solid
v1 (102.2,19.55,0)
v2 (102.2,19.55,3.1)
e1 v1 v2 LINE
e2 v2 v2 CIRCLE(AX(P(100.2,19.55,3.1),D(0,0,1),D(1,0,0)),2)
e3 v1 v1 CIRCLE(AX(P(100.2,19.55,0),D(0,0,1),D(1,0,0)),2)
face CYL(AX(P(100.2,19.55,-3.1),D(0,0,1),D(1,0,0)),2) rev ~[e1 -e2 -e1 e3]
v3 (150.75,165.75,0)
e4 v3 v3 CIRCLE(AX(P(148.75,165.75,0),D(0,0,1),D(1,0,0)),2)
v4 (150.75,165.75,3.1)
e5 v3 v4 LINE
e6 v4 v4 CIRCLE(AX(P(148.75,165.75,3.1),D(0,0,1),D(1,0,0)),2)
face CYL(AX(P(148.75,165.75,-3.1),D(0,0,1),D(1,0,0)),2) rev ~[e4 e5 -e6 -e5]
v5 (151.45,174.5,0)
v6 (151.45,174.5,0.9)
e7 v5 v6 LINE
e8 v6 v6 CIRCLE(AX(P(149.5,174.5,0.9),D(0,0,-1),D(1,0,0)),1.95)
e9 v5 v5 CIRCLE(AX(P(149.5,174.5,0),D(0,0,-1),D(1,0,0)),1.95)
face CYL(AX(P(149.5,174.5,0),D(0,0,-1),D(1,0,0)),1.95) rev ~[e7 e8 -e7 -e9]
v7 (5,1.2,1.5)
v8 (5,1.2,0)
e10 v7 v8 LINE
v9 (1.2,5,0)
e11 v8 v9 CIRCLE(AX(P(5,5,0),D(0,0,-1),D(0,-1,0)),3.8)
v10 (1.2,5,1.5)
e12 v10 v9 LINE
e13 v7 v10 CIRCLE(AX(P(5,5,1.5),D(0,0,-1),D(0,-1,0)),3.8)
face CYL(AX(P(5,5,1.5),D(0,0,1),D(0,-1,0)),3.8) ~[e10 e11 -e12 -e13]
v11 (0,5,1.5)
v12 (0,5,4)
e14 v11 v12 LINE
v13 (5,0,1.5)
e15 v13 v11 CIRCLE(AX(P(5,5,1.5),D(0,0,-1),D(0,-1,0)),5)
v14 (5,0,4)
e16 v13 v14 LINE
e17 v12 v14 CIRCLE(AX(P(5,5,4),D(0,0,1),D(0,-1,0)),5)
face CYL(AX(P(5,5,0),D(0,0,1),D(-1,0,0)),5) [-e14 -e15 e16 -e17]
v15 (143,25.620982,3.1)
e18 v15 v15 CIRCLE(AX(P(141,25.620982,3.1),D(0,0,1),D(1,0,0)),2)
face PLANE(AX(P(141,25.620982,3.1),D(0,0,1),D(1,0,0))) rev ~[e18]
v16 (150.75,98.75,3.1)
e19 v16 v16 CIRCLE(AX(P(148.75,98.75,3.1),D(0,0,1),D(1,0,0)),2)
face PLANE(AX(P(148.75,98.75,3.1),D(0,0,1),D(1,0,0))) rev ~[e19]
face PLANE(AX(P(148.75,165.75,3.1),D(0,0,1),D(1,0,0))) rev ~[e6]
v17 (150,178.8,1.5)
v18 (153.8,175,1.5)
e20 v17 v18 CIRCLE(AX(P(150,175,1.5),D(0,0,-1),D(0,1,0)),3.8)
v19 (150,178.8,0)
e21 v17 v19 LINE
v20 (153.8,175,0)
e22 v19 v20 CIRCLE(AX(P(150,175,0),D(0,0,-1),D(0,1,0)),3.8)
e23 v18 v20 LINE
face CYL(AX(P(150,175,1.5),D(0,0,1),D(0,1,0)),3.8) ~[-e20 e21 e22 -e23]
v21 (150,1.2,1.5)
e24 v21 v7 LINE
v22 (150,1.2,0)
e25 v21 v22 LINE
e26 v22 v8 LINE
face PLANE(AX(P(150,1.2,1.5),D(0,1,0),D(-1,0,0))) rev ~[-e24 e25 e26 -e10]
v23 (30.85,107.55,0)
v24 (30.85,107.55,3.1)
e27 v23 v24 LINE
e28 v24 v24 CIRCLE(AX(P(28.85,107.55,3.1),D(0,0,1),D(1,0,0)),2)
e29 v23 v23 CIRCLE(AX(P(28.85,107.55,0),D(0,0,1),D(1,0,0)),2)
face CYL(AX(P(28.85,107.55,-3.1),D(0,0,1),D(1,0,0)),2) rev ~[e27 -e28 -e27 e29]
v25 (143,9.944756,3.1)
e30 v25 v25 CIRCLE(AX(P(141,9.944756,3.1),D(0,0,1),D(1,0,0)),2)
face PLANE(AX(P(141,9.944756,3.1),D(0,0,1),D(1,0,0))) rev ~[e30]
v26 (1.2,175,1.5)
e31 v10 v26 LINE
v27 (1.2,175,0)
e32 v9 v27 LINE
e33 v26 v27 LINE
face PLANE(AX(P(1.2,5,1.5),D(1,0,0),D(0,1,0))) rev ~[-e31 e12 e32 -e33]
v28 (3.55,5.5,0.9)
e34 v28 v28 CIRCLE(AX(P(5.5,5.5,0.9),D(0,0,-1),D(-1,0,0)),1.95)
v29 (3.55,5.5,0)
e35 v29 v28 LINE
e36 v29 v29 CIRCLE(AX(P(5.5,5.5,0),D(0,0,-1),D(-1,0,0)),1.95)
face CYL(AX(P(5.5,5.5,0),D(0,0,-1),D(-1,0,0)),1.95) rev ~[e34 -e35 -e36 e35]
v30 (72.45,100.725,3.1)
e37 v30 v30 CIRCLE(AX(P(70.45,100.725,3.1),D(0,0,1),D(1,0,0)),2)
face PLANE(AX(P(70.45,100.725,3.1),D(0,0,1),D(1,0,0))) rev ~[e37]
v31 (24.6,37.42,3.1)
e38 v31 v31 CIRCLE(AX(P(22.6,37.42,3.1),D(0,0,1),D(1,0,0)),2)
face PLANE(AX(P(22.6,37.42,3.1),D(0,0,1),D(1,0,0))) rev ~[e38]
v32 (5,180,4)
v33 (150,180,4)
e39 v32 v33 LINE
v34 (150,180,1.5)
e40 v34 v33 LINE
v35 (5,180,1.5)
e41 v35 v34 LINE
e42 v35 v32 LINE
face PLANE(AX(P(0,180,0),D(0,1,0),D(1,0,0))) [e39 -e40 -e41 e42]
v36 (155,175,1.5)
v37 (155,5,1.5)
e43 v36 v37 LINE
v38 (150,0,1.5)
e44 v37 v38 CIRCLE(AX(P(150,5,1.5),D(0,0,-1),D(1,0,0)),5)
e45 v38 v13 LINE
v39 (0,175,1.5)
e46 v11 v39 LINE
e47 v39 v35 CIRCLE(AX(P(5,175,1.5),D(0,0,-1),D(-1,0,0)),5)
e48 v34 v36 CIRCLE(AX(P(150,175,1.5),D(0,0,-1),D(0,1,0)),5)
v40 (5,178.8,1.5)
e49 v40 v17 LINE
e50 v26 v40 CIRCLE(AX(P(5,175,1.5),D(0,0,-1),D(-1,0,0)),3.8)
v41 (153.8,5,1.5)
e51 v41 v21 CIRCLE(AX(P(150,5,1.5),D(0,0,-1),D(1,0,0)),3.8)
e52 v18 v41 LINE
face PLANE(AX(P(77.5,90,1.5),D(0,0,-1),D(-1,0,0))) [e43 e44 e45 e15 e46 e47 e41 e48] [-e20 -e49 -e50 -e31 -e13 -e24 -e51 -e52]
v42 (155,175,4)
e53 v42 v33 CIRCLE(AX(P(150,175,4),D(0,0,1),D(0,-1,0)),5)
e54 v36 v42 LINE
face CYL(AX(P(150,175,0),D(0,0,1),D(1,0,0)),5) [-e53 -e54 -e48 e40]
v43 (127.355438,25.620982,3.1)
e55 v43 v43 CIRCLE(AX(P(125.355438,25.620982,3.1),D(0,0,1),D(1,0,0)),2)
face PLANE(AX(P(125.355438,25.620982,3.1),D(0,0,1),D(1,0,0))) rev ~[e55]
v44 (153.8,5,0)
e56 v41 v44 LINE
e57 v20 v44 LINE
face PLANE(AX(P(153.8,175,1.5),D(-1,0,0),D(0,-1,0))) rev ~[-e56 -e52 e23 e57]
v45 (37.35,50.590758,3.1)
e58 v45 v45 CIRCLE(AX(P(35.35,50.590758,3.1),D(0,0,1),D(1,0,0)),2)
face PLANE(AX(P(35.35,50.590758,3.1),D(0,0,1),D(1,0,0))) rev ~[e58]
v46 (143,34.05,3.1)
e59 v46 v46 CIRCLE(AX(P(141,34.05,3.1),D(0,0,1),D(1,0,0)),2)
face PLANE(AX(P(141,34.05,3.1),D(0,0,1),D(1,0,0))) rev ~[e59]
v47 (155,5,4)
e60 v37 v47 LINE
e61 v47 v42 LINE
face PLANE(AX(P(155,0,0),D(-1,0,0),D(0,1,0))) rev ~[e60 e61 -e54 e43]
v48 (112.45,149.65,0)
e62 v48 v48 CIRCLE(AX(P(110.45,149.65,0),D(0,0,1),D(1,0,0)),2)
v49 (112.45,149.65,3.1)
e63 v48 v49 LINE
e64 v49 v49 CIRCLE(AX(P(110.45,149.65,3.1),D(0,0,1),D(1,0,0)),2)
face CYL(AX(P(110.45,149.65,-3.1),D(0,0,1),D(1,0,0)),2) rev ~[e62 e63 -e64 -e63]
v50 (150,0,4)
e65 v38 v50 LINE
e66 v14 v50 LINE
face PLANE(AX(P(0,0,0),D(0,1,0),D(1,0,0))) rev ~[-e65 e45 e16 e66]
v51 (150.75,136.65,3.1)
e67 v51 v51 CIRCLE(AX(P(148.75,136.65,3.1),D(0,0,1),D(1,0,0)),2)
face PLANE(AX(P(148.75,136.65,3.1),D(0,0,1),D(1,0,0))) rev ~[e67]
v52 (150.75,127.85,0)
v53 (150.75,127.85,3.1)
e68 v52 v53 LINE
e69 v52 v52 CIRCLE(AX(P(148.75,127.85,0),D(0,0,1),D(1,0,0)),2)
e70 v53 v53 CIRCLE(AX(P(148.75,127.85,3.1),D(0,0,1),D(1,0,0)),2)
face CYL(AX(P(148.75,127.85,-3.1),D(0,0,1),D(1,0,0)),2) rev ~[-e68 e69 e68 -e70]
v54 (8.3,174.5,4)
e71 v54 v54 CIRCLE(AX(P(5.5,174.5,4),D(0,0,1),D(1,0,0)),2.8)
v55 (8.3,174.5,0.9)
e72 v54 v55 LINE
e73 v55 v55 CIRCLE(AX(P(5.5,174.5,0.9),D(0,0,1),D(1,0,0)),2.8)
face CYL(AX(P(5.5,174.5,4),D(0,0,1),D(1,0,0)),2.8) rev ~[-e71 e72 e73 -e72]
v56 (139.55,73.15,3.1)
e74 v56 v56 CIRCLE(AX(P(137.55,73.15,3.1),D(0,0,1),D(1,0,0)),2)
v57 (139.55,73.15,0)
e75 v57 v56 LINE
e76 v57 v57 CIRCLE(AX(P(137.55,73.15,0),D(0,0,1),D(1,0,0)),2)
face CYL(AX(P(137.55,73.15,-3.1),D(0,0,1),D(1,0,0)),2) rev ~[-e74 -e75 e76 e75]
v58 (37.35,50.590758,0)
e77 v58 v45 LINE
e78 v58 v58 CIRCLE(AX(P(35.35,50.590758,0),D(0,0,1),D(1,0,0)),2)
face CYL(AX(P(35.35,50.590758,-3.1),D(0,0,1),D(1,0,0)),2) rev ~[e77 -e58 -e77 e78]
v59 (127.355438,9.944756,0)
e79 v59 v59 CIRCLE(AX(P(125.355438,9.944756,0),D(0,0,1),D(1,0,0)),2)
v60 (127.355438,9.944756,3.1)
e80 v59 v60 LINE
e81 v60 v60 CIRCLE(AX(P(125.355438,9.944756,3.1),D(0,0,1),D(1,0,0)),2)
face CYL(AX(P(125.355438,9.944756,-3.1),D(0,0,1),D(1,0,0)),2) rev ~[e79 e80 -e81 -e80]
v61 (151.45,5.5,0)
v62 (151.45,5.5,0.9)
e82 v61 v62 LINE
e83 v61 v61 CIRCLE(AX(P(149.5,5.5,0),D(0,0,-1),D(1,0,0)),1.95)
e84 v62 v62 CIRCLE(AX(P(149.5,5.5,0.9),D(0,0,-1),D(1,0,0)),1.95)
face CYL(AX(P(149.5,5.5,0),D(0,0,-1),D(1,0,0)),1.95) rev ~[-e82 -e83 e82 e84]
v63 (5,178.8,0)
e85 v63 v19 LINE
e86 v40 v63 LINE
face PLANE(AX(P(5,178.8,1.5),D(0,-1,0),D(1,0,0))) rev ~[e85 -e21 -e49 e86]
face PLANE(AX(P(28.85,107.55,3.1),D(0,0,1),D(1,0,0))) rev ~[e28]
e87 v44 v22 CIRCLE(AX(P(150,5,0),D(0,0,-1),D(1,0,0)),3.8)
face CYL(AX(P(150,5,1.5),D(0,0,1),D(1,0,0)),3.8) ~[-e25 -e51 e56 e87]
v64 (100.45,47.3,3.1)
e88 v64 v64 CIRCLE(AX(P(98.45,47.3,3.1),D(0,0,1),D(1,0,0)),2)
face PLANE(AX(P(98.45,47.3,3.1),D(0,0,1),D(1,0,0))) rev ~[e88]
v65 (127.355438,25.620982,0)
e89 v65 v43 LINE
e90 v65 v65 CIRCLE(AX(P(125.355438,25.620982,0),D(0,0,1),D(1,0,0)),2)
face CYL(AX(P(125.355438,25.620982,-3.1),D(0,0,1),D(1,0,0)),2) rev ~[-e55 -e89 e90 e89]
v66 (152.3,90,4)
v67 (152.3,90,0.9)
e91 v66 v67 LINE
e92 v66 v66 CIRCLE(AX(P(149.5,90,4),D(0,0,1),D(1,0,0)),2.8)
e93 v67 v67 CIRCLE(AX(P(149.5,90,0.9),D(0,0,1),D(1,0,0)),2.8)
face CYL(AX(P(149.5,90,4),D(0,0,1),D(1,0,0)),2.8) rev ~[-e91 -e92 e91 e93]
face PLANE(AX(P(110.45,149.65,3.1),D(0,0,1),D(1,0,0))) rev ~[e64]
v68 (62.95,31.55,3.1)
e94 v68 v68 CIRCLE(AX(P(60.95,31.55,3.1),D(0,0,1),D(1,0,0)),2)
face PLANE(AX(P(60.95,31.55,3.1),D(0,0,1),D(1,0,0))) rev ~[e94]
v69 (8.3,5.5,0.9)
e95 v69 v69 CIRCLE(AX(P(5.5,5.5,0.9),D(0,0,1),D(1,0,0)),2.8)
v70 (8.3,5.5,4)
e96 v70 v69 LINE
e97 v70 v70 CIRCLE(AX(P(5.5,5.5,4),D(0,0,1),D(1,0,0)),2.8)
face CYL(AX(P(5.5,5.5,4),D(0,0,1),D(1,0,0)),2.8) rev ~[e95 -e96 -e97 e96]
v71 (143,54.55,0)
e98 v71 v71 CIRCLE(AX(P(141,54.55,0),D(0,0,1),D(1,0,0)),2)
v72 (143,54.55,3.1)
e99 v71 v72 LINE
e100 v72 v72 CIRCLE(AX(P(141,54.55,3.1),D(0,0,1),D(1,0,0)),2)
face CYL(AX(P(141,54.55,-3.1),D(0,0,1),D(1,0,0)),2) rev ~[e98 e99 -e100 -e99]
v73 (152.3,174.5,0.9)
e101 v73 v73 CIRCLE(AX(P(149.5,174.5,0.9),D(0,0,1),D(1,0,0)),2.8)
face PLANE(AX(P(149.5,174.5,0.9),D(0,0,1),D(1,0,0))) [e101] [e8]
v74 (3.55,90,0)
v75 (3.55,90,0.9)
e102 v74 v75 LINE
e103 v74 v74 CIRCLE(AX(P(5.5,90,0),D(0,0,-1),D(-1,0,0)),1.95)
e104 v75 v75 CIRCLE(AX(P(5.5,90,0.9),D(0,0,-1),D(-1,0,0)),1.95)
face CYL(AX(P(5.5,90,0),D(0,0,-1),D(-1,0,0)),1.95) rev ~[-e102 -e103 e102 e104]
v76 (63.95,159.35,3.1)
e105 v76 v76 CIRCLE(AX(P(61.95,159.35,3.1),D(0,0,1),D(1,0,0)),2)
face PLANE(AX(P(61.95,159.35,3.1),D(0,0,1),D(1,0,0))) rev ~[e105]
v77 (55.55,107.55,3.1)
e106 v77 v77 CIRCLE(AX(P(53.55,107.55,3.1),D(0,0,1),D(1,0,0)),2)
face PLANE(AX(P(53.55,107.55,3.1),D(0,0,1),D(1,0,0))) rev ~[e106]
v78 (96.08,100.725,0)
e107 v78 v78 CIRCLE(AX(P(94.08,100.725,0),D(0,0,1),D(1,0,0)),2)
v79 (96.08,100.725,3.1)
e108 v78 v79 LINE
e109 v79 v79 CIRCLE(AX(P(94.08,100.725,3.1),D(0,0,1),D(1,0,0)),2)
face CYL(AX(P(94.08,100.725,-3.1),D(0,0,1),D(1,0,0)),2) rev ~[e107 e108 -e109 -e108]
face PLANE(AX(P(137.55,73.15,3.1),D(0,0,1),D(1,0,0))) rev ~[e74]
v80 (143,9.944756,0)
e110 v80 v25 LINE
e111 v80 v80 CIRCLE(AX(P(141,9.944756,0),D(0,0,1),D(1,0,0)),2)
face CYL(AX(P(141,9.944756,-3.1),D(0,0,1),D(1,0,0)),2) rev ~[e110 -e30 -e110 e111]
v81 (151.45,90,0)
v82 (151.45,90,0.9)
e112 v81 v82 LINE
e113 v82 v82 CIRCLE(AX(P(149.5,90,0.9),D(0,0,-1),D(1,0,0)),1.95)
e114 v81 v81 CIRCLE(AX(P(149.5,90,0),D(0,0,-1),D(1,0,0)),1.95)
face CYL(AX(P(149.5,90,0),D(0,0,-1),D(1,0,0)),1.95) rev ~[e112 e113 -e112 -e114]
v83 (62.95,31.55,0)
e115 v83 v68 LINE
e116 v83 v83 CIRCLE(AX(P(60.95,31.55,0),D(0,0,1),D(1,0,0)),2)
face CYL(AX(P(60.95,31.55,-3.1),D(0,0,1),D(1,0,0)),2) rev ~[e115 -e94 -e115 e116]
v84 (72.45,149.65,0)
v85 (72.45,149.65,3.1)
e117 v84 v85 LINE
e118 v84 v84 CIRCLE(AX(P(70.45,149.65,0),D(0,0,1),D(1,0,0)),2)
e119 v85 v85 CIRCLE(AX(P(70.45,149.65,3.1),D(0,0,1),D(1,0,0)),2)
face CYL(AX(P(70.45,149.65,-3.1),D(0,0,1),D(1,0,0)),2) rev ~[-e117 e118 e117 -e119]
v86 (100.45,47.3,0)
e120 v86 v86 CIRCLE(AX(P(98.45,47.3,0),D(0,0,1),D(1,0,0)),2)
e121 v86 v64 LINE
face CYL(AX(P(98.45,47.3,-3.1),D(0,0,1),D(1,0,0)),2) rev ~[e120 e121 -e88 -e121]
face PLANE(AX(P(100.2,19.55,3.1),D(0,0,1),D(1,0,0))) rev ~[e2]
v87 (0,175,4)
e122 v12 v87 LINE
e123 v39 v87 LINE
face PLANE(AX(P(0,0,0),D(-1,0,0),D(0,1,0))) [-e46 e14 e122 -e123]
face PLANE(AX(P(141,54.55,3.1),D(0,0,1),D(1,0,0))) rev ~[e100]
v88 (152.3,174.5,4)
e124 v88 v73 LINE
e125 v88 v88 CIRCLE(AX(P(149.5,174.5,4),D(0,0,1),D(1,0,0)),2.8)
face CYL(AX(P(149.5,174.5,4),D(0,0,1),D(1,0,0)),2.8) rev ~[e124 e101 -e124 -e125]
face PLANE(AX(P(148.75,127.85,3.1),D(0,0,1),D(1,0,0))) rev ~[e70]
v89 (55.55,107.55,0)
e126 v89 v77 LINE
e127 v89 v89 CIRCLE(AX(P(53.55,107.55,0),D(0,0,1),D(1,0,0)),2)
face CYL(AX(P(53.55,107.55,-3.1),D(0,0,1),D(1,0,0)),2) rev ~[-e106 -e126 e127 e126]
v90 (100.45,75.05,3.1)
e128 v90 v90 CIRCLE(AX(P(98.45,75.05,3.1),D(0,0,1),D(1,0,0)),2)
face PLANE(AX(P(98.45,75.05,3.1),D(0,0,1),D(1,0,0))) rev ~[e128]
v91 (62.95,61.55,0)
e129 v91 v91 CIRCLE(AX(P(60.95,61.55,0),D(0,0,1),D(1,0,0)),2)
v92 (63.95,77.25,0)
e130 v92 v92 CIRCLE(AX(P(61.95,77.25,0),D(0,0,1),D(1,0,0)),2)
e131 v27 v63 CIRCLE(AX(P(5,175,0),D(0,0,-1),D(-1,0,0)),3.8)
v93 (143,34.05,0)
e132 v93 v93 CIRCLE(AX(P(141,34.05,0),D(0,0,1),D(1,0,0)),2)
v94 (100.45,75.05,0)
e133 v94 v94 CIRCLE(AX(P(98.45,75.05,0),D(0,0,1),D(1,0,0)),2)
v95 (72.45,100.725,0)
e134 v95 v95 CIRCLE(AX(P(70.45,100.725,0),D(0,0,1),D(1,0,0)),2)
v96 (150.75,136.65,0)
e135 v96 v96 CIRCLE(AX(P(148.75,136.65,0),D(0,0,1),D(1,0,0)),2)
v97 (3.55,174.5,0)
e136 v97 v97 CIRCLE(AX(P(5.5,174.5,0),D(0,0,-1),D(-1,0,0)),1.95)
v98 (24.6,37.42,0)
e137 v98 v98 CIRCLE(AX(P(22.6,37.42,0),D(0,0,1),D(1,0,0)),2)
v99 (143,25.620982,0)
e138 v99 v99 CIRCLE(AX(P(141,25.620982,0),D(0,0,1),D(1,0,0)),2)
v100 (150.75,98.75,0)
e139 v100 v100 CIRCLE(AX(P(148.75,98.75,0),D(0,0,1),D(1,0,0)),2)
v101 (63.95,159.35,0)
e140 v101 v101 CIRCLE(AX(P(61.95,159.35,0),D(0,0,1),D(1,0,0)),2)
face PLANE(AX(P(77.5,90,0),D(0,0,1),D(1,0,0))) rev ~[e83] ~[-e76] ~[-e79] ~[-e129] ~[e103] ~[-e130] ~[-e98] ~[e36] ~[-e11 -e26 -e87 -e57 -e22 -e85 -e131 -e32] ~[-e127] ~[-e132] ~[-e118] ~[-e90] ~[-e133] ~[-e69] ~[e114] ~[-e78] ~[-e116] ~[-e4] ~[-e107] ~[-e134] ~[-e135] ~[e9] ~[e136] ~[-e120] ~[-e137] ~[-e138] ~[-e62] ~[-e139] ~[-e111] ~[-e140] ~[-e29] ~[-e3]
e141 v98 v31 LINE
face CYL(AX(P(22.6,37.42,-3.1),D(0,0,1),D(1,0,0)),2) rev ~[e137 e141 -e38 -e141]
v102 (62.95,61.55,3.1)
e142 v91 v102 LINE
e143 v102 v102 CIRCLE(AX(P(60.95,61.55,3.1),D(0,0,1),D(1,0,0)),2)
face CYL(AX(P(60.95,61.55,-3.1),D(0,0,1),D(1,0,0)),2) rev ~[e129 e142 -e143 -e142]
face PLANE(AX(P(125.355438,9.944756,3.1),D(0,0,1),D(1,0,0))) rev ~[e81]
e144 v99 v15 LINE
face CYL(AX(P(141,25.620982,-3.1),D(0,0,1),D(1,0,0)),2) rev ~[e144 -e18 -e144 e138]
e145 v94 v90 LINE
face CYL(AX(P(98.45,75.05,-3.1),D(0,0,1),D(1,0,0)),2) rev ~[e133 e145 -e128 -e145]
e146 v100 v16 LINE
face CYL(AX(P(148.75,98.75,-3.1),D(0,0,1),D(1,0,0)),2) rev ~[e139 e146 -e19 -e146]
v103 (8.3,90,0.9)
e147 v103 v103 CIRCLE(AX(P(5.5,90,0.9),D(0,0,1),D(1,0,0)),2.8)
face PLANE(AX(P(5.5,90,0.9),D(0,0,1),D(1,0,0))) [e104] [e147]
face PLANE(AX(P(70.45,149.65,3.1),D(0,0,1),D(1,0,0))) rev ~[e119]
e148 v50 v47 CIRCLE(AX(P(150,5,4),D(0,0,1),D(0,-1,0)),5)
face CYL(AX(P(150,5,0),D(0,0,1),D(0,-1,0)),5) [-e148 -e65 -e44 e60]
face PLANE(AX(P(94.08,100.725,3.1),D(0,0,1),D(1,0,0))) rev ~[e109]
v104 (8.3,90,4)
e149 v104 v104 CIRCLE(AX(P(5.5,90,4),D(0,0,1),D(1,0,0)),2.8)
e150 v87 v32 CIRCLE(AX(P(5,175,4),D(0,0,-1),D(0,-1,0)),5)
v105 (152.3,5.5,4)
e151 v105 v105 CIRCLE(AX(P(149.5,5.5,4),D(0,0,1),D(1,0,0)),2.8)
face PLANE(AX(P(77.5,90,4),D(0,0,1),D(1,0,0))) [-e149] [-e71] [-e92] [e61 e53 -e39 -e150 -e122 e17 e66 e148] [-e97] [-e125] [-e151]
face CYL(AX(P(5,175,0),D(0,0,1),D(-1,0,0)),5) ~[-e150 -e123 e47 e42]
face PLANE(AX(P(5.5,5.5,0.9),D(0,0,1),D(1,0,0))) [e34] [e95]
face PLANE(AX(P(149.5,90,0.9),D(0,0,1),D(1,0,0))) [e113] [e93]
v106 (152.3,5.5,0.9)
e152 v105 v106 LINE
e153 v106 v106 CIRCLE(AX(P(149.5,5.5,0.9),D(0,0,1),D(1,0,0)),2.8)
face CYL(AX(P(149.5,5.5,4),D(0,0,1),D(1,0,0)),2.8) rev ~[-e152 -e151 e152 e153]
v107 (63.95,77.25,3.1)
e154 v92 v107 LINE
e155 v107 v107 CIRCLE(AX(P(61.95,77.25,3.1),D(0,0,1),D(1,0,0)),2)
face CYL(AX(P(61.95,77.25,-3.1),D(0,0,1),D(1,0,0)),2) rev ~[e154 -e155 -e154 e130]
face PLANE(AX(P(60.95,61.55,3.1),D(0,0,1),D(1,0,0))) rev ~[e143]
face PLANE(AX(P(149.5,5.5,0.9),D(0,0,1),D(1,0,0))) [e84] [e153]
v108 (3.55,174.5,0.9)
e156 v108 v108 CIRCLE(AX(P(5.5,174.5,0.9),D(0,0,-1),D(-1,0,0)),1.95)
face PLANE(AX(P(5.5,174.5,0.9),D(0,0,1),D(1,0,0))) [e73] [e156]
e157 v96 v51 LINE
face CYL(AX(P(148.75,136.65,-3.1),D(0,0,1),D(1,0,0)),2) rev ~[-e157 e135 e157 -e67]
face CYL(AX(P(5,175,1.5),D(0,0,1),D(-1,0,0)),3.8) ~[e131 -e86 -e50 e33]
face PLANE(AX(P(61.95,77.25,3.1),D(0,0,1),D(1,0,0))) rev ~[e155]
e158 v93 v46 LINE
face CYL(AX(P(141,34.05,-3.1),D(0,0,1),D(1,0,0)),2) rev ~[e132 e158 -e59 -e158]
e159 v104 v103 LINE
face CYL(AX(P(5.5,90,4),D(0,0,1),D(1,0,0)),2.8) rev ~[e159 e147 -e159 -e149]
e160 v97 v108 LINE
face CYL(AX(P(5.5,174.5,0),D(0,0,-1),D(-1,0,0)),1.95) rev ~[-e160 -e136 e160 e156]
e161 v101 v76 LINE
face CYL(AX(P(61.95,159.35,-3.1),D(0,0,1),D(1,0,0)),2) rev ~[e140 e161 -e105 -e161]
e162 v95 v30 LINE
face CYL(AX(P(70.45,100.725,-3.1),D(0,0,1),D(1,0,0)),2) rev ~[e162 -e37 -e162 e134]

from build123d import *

# Parameters (mm, degrees)
SKETCH1_W                 = 155
SKETCH1_H                 = 180
BOSS_EXTRUDE1_DEPTH       = 4
FILLET1_R                 = 5
F_4_0MM_DOWEL_HOLE1_D     = 4
F_4_0MM_DOWEL_HOLE1_DEPTH = 3.1
SKETCH4_R                 = 1.95
CUT_EXTRUDE1_DEPTH        = 238.573146631
SKETCH5_R                 = 2.8
CUT_EXTRUDE2_DEPTH        = 3.1
CUT_EXTRUDE3_START        = -1.5
CUT_EXTRUDE3_DEPTH        = 1.5


with BuildPart() as part:
    # Sketch1 → Boss-Extrude1 (new body)
    with BuildSketch(Plane.XY):
        with Locations((77.5, 90)):
            Rectangle(SKETCH1_W, SKETCH1_H)
    extrude(amount=BOSS_EXTRUDE1_DEPTH)

    # Fillet1
    fillet1_edges = [part.edges().sort_by_distance(p)[0] for p in [
        (0, 180, 2),
        (155, 180, 2),
        (155, 0, 2),
        (0, 0, 2),
    ]]
    fillet(fillet1_edges, radius=FILLET1_R)

    # Ø4.0mm Dowel Hole1
    with Locations(Plane(origin=(0, 0, 0), x_dir=(-1, 0, 0), z_dir=(0, 0, -1))):
        with Locations((-60.95, 31.55), (-60.95, 61.55), (-61.95, 77.25), (-53.55, 107.55), (-61.95, 159.35), (-28.85, 107.55), (-22.6, 37.42), (-100.2, 19.55), (-98.45, 47.3), (-98.45, 75.05), (-110.45, 149.65), (-70.45, 149.65), (-70.45, 100.725), (-94.08, 100.725), (-148.75, 98.75), (-148.75, 127.85), (-148.75, 165.75), (-148.75, 136.65), (-141, 54.55), (-141, 34.05), (-137.55, 73.15), (-35.35, 50.590757681), (-125.355437925, 9.944755633), (-141, 9.944755633), (-141, 25.620981812), (-125.355437925, 25.620981812)):
            Hole(F_4_0MM_DOWEL_HOLE1_D / 2, depth=F_4_0MM_DOWEL_HOLE1_DEPTH)

    # Sketch4 → Cut-Extrude1 (cut, through all)
    with BuildSketch(Plane(origin=(0, 0, 0), x_dir=(-1, 0, 0), z_dir=(0, 0, -1))):
        with Locations((-5.5, 5.5)):
            Circle(SKETCH4_R)
        with Locations((-5.5, 90)):
            Circle(SKETCH4_R)
        with Locations((-5.5, 174.5)):
            Circle(SKETCH4_R)
        with Locations(Location((-149.5, 174.5, 0), (0, 0, 180))):
            Circle(SKETCH4_R)
        with Locations(Location((-149.5, 90, 0), (0, 0, 180))):
            Circle(SKETCH4_R)
        with Locations(Location((-149.5, 5.5, 0), (0, 0, 180))):
            Circle(SKETCH4_R)
    extrude(amount=-CUT_EXTRUDE1_DEPTH, mode=Mode.SUBTRACT)

    # Sketch5 → Cut-Extrude2 (cut)
    with BuildSketch(Plane.XY.offset(4)):
        with Locations((149.5, 5.5)):
            Circle(SKETCH5_R)
        with Locations((149.5, 90)):
            Circle(SKETCH5_R)
        with Locations((149.5, 174.5)):
            Circle(SKETCH5_R)
        with Locations((5.5, 174.5)):
            Circle(SKETCH5_R)
        with Locations((5.5, 90)):
            Circle(SKETCH5_R)
        with Locations((5.5, 5.5)):
            Circle(SKETCH5_R)
    extrude(amount=-CUT_EXTRUDE2_DEPTH, mode=Mode.SUBTRACT)

    # Sketch6 → Cut-Extrude3 (cut)
    with BuildSketch(Plane(origin=(0, 0, 0), x_dir=(-1, 0, 0), z_dir=(0, 0, -1)).offset(CUT_EXTRUDE3_START)):
        with BuildLine():
            Line((-150, 0), (-5, 0))
            ThreePointArc((-5, 0), (-1.464466094, 1.464466094), (0, 5))
            Line((0, 5), (0, 175))
            ThreePointArc((0, 175), (-1.464466094, 178.535533906), (-5, 180))
            Line((-5, 180), (-150, 180))
            ThreePointArc((-150, 180), (-153.535533906, 178.535533906), (-155, 175))
            Line((-155, 175), (-155, 5))
            ThreePointArc((-155, 5), (-153.535533906, 1.464466094), (-150, 0))
        make_face()
        with BuildLine():
            Line((-150, 1.2), (-5, 1.2))
            ThreePointArc((-5, 1.2), (-2.312994231, 2.312994231), (-1.2, 5))
            Line((-1.2, 5), (-1.2, 175))
            ThreePointArc((-1.2, 175), (-2.312994231, 177.687005769), (-5, 178.8))
            Line((-5, 178.8), (-150, 178.8))
            ThreePointArc((-150, 178.8), (-152.687005769, 177.687005769), (-153.8, 175))
            Line((-153.8, 175), (-153.8, 5))
            ThreePointArc((-153.8, 5), (-152.687005769, 2.312994231), (-150, 1.2))
        make_face(mode=Mode.SUBTRACT)
    extrude(amount=CUT_EXTRUDE3_DEPTH, mode=Mode.SUBTRACT)


solid = part.part
